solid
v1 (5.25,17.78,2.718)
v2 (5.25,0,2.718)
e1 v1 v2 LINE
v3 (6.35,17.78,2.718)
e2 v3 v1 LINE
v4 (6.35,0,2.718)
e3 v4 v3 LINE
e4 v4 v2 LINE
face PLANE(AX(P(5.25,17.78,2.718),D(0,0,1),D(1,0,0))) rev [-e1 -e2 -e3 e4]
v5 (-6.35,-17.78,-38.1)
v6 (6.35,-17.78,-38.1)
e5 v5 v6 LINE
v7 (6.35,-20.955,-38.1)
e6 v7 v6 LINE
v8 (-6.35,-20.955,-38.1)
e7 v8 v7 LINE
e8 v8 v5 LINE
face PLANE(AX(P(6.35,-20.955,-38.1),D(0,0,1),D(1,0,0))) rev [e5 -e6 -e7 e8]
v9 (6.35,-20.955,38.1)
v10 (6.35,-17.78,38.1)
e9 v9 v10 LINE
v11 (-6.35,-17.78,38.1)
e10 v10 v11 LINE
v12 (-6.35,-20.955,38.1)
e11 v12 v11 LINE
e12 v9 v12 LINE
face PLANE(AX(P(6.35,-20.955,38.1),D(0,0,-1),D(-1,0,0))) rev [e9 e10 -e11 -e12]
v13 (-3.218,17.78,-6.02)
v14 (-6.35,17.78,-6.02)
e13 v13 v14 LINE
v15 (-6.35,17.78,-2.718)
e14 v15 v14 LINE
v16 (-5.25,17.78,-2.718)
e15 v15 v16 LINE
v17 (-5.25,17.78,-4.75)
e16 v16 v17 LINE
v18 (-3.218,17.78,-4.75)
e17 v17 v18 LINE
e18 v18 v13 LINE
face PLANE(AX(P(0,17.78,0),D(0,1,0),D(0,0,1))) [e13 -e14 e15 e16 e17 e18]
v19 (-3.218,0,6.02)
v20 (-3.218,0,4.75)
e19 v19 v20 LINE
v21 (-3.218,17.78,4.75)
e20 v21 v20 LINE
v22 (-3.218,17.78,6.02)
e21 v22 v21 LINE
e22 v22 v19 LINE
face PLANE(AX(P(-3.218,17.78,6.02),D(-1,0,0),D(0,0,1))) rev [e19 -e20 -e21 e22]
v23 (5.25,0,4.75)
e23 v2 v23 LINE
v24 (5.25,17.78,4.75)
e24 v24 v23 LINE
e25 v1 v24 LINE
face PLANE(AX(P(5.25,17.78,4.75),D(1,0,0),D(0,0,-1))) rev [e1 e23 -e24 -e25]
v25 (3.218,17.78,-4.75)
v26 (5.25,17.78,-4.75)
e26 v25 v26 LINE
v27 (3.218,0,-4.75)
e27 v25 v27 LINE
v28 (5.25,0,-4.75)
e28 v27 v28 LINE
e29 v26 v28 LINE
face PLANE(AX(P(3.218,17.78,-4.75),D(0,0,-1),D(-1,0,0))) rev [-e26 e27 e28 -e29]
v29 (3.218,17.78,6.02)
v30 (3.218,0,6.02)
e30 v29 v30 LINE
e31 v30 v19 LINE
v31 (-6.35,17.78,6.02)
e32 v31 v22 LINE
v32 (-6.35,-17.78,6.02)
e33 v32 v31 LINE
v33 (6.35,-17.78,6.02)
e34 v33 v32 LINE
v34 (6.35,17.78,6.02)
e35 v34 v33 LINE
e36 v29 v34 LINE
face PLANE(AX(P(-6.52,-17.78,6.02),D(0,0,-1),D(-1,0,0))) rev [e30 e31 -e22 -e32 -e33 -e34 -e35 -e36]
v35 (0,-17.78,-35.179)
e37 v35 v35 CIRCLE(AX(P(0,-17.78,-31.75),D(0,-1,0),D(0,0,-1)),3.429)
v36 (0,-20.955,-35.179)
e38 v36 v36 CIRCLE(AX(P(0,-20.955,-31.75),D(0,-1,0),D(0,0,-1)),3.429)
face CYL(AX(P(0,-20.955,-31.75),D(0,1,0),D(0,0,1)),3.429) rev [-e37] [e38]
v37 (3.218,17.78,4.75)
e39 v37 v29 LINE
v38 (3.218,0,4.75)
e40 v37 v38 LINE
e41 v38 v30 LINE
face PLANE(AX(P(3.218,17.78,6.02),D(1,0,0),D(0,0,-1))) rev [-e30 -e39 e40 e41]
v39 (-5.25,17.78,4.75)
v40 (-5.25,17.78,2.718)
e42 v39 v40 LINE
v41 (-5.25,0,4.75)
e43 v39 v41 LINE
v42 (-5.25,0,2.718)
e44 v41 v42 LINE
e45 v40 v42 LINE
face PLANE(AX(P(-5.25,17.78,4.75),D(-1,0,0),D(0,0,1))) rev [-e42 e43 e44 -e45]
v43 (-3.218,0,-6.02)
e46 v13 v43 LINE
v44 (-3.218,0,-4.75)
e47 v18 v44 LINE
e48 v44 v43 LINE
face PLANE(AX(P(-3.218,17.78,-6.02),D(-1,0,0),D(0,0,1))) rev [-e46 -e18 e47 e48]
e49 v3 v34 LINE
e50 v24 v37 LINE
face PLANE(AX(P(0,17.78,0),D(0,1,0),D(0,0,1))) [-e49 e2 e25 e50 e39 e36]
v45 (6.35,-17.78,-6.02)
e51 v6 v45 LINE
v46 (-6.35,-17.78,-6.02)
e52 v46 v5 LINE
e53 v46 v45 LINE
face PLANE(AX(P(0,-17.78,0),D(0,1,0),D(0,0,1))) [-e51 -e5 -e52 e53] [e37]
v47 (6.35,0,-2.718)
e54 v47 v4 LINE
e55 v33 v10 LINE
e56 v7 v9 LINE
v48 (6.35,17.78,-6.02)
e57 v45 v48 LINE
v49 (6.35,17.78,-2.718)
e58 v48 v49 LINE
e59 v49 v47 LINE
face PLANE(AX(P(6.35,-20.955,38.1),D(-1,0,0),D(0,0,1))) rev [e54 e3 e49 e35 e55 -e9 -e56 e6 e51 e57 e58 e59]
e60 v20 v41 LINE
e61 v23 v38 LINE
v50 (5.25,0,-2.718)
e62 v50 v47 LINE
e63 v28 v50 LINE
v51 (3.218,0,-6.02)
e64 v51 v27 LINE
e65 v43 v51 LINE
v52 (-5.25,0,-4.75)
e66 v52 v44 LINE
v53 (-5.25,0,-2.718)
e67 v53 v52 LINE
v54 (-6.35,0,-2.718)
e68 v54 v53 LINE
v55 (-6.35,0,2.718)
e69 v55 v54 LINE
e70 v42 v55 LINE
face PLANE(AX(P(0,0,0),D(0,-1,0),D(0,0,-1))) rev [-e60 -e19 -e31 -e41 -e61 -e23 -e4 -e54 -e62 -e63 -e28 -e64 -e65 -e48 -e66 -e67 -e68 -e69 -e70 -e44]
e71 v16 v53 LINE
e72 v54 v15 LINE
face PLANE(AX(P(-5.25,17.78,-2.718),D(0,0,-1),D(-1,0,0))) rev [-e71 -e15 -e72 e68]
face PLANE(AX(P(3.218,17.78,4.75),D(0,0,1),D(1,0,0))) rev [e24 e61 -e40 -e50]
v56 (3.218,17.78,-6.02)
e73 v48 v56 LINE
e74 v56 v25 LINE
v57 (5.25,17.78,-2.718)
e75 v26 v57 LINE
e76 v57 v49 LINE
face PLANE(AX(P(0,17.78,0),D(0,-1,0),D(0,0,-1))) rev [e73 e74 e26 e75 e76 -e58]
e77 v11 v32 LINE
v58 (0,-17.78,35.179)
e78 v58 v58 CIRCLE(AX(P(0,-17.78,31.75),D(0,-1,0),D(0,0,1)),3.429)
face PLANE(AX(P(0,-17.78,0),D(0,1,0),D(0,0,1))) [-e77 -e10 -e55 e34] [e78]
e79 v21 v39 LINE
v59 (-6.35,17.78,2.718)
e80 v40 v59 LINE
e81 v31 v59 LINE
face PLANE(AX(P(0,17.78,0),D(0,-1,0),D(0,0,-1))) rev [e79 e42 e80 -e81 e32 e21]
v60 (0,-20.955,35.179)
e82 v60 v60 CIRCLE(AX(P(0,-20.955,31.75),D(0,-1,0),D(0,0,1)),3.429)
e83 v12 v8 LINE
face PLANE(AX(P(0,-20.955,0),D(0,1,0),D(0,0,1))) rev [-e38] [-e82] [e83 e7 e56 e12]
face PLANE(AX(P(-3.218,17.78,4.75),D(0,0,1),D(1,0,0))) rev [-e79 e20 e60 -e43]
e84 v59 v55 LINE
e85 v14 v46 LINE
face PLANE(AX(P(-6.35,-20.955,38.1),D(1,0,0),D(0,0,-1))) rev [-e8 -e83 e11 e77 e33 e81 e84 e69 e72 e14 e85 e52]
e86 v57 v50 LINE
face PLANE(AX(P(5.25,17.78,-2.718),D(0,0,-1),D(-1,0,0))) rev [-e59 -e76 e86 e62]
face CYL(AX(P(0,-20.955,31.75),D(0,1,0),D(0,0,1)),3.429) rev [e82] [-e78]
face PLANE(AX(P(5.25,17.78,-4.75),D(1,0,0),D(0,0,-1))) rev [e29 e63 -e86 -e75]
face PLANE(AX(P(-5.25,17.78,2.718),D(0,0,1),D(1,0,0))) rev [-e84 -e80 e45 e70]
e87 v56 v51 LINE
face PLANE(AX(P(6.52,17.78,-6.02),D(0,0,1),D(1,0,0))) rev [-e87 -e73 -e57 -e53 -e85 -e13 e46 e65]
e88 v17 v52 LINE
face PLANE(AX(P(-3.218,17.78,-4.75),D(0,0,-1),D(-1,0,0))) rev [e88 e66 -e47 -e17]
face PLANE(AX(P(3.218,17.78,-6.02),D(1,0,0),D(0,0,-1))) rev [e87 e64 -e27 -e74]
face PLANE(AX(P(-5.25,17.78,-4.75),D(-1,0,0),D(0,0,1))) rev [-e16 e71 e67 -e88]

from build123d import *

# Parameters (mm, degrees)
BOSS_EXTRUDE1_DEPTH   = 17.78
BOSS_EXTRUDE1_2_DEPTH = 17.78
BOSS_EXTRUDE1_3_DEPTH = 17.78
BOSS_EXTRUDE1_4_DEPTH = 17.78
SKETCH2_W             = 13.04
SKETCH2_H             = 12.04
BOSS_EXTRUDE2_DEPTH   = 17.78
SKETCH3_W             = 12.7
SKETCH3_H             = 76.2
SKETCH3_R             = 3.429
BOSS_EXTRUDE3_DEPTH   = 3.175
SKETCH4_OUTSIDE_W     = 32.334
SKETCH4_OUTSIDE_H     = 95.494
SKETCH4_OUTSIDE_W_2   = 12.7
SKETCH4_OUTSIDE_H_2   = 76.2
CUT_EXTRUDE2_DEPTH    = 55.722213268


with BuildPart() as part:
    # Sketch1 → Boss-Extrude1 (new body)
    with BuildSketch(Plane(origin=(0, 0, 0), x_dir=(1, 0, 0), z_dir=(0, 1, 0))):
        Polygon((-5.25, 4.75), (-5.25, 2.718), (-6.52, 2.718), (-6.52, 6.02), (-3.218, 6.02), (-3.218, 4.75), align=None)
    extrude(amount=BOSS_EXTRUDE1_DEPTH)



with BuildPart() as body_2:
    # Sketch1 → Boss-Extrude1 2 (new body)
    with BuildSketch(Plane(origin=(0, 0, 0), x_dir=(1, 0, 0), z_dir=(0, 1, 0))):
        Polygon((6.52, 2.718), (6.52, 6.02), (3.218, 6.02), (3.218, 4.75), (5.25, 4.75), (5.25, 2.718), align=None)
    extrude(amount=BOSS_EXTRUDE1_2_DEPTH)


with BuildPart() as body_3:
    # Sketch1 → Boss-Extrude1 3 (new body)
    with BuildSketch(Plane(origin=(0, 0, 0), x_dir=(1, 0, 0), z_dir=(0, 1, 0))):
        Polygon((5.25, -2.718), (6.52, -2.718), (6.52, -6.02), (3.218, -6.02), (3.218, -4.75), (5.25, -4.75), align=None)
    extrude(amount=BOSS_EXTRUDE1_3_DEPTH)


with BuildPart() as body_4:
    # Sketch1 → Boss-Extrude1 4 (new body)
    with BuildSketch(Plane(origin=(0, 0, 0), x_dir=(1, 0, 0), z_dir=(0, 1, 0))):
        Polygon((-5.25, -2.718), (-6.52, -2.718), (-6.52, -6.02), (-3.218, -6.02), (-3.218, -4.75), (-5.25, -4.75), align=None)
    extrude(amount=BOSS_EXTRUDE1_4_DEPTH)


with BuildPart() as part_1:
    add(part.part)

    add(body_2.part)  # Boss-Extrude2 merges body 2

    add(body_3.part)  # Boss-Extrude2 merges body 3

    add(body_4.part)  # Boss-Extrude2 merges body 4
    # Sketch2 → Boss-Extrude2 (add)
    with BuildSketch(Plane(origin=(0, 0, 0), x_dir=(-1, 0, 0), z_dir=(0, -1, 0))):
        Rectangle(SKETCH2_W, SKETCH2_H)
    extrude(amount=BOSS_EXTRUDE2_DEPTH)

    # Sketch3 → Boss-Extrude3 (add)
    with BuildSketch(Plane(origin=(0, -17.78, 0), x_dir=(-1, 0, 0), z_dir=(0, -1, 0))):
        Rectangle(SKETCH3_W, SKETCH3_H)
        with Locations(Location((0, 31.75, 0), (0, 0, 90))):
            Circle(SKETCH3_R, mode=Mode.SUBTRACT)
        with Locations(Location((0, -31.75, 0), (0, 0, 270))):
            Circle(SKETCH3_R, mode=Mode.SUBTRACT)
    extrude(amount=BOSS_EXTRUDE3_DEPTH)

    # Sketch4 outside → Cut-Extrude2 (cut, through all)
    with BuildSketch(Plane.XZ.offset(20.955)):
        Rectangle(SKETCH4_OUTSIDE_W, SKETCH4_OUTSIDE_H)
        Rectangle(SKETCH4_OUTSIDE_W_2, SKETCH4_OUTSIDE_H_2, mode=Mode.SUBTRACT)
    extrude(amount=-CUT_EXTRUDE2_DEPTH, mode=Mode.SUBTRACT)


solid = part_1.part
